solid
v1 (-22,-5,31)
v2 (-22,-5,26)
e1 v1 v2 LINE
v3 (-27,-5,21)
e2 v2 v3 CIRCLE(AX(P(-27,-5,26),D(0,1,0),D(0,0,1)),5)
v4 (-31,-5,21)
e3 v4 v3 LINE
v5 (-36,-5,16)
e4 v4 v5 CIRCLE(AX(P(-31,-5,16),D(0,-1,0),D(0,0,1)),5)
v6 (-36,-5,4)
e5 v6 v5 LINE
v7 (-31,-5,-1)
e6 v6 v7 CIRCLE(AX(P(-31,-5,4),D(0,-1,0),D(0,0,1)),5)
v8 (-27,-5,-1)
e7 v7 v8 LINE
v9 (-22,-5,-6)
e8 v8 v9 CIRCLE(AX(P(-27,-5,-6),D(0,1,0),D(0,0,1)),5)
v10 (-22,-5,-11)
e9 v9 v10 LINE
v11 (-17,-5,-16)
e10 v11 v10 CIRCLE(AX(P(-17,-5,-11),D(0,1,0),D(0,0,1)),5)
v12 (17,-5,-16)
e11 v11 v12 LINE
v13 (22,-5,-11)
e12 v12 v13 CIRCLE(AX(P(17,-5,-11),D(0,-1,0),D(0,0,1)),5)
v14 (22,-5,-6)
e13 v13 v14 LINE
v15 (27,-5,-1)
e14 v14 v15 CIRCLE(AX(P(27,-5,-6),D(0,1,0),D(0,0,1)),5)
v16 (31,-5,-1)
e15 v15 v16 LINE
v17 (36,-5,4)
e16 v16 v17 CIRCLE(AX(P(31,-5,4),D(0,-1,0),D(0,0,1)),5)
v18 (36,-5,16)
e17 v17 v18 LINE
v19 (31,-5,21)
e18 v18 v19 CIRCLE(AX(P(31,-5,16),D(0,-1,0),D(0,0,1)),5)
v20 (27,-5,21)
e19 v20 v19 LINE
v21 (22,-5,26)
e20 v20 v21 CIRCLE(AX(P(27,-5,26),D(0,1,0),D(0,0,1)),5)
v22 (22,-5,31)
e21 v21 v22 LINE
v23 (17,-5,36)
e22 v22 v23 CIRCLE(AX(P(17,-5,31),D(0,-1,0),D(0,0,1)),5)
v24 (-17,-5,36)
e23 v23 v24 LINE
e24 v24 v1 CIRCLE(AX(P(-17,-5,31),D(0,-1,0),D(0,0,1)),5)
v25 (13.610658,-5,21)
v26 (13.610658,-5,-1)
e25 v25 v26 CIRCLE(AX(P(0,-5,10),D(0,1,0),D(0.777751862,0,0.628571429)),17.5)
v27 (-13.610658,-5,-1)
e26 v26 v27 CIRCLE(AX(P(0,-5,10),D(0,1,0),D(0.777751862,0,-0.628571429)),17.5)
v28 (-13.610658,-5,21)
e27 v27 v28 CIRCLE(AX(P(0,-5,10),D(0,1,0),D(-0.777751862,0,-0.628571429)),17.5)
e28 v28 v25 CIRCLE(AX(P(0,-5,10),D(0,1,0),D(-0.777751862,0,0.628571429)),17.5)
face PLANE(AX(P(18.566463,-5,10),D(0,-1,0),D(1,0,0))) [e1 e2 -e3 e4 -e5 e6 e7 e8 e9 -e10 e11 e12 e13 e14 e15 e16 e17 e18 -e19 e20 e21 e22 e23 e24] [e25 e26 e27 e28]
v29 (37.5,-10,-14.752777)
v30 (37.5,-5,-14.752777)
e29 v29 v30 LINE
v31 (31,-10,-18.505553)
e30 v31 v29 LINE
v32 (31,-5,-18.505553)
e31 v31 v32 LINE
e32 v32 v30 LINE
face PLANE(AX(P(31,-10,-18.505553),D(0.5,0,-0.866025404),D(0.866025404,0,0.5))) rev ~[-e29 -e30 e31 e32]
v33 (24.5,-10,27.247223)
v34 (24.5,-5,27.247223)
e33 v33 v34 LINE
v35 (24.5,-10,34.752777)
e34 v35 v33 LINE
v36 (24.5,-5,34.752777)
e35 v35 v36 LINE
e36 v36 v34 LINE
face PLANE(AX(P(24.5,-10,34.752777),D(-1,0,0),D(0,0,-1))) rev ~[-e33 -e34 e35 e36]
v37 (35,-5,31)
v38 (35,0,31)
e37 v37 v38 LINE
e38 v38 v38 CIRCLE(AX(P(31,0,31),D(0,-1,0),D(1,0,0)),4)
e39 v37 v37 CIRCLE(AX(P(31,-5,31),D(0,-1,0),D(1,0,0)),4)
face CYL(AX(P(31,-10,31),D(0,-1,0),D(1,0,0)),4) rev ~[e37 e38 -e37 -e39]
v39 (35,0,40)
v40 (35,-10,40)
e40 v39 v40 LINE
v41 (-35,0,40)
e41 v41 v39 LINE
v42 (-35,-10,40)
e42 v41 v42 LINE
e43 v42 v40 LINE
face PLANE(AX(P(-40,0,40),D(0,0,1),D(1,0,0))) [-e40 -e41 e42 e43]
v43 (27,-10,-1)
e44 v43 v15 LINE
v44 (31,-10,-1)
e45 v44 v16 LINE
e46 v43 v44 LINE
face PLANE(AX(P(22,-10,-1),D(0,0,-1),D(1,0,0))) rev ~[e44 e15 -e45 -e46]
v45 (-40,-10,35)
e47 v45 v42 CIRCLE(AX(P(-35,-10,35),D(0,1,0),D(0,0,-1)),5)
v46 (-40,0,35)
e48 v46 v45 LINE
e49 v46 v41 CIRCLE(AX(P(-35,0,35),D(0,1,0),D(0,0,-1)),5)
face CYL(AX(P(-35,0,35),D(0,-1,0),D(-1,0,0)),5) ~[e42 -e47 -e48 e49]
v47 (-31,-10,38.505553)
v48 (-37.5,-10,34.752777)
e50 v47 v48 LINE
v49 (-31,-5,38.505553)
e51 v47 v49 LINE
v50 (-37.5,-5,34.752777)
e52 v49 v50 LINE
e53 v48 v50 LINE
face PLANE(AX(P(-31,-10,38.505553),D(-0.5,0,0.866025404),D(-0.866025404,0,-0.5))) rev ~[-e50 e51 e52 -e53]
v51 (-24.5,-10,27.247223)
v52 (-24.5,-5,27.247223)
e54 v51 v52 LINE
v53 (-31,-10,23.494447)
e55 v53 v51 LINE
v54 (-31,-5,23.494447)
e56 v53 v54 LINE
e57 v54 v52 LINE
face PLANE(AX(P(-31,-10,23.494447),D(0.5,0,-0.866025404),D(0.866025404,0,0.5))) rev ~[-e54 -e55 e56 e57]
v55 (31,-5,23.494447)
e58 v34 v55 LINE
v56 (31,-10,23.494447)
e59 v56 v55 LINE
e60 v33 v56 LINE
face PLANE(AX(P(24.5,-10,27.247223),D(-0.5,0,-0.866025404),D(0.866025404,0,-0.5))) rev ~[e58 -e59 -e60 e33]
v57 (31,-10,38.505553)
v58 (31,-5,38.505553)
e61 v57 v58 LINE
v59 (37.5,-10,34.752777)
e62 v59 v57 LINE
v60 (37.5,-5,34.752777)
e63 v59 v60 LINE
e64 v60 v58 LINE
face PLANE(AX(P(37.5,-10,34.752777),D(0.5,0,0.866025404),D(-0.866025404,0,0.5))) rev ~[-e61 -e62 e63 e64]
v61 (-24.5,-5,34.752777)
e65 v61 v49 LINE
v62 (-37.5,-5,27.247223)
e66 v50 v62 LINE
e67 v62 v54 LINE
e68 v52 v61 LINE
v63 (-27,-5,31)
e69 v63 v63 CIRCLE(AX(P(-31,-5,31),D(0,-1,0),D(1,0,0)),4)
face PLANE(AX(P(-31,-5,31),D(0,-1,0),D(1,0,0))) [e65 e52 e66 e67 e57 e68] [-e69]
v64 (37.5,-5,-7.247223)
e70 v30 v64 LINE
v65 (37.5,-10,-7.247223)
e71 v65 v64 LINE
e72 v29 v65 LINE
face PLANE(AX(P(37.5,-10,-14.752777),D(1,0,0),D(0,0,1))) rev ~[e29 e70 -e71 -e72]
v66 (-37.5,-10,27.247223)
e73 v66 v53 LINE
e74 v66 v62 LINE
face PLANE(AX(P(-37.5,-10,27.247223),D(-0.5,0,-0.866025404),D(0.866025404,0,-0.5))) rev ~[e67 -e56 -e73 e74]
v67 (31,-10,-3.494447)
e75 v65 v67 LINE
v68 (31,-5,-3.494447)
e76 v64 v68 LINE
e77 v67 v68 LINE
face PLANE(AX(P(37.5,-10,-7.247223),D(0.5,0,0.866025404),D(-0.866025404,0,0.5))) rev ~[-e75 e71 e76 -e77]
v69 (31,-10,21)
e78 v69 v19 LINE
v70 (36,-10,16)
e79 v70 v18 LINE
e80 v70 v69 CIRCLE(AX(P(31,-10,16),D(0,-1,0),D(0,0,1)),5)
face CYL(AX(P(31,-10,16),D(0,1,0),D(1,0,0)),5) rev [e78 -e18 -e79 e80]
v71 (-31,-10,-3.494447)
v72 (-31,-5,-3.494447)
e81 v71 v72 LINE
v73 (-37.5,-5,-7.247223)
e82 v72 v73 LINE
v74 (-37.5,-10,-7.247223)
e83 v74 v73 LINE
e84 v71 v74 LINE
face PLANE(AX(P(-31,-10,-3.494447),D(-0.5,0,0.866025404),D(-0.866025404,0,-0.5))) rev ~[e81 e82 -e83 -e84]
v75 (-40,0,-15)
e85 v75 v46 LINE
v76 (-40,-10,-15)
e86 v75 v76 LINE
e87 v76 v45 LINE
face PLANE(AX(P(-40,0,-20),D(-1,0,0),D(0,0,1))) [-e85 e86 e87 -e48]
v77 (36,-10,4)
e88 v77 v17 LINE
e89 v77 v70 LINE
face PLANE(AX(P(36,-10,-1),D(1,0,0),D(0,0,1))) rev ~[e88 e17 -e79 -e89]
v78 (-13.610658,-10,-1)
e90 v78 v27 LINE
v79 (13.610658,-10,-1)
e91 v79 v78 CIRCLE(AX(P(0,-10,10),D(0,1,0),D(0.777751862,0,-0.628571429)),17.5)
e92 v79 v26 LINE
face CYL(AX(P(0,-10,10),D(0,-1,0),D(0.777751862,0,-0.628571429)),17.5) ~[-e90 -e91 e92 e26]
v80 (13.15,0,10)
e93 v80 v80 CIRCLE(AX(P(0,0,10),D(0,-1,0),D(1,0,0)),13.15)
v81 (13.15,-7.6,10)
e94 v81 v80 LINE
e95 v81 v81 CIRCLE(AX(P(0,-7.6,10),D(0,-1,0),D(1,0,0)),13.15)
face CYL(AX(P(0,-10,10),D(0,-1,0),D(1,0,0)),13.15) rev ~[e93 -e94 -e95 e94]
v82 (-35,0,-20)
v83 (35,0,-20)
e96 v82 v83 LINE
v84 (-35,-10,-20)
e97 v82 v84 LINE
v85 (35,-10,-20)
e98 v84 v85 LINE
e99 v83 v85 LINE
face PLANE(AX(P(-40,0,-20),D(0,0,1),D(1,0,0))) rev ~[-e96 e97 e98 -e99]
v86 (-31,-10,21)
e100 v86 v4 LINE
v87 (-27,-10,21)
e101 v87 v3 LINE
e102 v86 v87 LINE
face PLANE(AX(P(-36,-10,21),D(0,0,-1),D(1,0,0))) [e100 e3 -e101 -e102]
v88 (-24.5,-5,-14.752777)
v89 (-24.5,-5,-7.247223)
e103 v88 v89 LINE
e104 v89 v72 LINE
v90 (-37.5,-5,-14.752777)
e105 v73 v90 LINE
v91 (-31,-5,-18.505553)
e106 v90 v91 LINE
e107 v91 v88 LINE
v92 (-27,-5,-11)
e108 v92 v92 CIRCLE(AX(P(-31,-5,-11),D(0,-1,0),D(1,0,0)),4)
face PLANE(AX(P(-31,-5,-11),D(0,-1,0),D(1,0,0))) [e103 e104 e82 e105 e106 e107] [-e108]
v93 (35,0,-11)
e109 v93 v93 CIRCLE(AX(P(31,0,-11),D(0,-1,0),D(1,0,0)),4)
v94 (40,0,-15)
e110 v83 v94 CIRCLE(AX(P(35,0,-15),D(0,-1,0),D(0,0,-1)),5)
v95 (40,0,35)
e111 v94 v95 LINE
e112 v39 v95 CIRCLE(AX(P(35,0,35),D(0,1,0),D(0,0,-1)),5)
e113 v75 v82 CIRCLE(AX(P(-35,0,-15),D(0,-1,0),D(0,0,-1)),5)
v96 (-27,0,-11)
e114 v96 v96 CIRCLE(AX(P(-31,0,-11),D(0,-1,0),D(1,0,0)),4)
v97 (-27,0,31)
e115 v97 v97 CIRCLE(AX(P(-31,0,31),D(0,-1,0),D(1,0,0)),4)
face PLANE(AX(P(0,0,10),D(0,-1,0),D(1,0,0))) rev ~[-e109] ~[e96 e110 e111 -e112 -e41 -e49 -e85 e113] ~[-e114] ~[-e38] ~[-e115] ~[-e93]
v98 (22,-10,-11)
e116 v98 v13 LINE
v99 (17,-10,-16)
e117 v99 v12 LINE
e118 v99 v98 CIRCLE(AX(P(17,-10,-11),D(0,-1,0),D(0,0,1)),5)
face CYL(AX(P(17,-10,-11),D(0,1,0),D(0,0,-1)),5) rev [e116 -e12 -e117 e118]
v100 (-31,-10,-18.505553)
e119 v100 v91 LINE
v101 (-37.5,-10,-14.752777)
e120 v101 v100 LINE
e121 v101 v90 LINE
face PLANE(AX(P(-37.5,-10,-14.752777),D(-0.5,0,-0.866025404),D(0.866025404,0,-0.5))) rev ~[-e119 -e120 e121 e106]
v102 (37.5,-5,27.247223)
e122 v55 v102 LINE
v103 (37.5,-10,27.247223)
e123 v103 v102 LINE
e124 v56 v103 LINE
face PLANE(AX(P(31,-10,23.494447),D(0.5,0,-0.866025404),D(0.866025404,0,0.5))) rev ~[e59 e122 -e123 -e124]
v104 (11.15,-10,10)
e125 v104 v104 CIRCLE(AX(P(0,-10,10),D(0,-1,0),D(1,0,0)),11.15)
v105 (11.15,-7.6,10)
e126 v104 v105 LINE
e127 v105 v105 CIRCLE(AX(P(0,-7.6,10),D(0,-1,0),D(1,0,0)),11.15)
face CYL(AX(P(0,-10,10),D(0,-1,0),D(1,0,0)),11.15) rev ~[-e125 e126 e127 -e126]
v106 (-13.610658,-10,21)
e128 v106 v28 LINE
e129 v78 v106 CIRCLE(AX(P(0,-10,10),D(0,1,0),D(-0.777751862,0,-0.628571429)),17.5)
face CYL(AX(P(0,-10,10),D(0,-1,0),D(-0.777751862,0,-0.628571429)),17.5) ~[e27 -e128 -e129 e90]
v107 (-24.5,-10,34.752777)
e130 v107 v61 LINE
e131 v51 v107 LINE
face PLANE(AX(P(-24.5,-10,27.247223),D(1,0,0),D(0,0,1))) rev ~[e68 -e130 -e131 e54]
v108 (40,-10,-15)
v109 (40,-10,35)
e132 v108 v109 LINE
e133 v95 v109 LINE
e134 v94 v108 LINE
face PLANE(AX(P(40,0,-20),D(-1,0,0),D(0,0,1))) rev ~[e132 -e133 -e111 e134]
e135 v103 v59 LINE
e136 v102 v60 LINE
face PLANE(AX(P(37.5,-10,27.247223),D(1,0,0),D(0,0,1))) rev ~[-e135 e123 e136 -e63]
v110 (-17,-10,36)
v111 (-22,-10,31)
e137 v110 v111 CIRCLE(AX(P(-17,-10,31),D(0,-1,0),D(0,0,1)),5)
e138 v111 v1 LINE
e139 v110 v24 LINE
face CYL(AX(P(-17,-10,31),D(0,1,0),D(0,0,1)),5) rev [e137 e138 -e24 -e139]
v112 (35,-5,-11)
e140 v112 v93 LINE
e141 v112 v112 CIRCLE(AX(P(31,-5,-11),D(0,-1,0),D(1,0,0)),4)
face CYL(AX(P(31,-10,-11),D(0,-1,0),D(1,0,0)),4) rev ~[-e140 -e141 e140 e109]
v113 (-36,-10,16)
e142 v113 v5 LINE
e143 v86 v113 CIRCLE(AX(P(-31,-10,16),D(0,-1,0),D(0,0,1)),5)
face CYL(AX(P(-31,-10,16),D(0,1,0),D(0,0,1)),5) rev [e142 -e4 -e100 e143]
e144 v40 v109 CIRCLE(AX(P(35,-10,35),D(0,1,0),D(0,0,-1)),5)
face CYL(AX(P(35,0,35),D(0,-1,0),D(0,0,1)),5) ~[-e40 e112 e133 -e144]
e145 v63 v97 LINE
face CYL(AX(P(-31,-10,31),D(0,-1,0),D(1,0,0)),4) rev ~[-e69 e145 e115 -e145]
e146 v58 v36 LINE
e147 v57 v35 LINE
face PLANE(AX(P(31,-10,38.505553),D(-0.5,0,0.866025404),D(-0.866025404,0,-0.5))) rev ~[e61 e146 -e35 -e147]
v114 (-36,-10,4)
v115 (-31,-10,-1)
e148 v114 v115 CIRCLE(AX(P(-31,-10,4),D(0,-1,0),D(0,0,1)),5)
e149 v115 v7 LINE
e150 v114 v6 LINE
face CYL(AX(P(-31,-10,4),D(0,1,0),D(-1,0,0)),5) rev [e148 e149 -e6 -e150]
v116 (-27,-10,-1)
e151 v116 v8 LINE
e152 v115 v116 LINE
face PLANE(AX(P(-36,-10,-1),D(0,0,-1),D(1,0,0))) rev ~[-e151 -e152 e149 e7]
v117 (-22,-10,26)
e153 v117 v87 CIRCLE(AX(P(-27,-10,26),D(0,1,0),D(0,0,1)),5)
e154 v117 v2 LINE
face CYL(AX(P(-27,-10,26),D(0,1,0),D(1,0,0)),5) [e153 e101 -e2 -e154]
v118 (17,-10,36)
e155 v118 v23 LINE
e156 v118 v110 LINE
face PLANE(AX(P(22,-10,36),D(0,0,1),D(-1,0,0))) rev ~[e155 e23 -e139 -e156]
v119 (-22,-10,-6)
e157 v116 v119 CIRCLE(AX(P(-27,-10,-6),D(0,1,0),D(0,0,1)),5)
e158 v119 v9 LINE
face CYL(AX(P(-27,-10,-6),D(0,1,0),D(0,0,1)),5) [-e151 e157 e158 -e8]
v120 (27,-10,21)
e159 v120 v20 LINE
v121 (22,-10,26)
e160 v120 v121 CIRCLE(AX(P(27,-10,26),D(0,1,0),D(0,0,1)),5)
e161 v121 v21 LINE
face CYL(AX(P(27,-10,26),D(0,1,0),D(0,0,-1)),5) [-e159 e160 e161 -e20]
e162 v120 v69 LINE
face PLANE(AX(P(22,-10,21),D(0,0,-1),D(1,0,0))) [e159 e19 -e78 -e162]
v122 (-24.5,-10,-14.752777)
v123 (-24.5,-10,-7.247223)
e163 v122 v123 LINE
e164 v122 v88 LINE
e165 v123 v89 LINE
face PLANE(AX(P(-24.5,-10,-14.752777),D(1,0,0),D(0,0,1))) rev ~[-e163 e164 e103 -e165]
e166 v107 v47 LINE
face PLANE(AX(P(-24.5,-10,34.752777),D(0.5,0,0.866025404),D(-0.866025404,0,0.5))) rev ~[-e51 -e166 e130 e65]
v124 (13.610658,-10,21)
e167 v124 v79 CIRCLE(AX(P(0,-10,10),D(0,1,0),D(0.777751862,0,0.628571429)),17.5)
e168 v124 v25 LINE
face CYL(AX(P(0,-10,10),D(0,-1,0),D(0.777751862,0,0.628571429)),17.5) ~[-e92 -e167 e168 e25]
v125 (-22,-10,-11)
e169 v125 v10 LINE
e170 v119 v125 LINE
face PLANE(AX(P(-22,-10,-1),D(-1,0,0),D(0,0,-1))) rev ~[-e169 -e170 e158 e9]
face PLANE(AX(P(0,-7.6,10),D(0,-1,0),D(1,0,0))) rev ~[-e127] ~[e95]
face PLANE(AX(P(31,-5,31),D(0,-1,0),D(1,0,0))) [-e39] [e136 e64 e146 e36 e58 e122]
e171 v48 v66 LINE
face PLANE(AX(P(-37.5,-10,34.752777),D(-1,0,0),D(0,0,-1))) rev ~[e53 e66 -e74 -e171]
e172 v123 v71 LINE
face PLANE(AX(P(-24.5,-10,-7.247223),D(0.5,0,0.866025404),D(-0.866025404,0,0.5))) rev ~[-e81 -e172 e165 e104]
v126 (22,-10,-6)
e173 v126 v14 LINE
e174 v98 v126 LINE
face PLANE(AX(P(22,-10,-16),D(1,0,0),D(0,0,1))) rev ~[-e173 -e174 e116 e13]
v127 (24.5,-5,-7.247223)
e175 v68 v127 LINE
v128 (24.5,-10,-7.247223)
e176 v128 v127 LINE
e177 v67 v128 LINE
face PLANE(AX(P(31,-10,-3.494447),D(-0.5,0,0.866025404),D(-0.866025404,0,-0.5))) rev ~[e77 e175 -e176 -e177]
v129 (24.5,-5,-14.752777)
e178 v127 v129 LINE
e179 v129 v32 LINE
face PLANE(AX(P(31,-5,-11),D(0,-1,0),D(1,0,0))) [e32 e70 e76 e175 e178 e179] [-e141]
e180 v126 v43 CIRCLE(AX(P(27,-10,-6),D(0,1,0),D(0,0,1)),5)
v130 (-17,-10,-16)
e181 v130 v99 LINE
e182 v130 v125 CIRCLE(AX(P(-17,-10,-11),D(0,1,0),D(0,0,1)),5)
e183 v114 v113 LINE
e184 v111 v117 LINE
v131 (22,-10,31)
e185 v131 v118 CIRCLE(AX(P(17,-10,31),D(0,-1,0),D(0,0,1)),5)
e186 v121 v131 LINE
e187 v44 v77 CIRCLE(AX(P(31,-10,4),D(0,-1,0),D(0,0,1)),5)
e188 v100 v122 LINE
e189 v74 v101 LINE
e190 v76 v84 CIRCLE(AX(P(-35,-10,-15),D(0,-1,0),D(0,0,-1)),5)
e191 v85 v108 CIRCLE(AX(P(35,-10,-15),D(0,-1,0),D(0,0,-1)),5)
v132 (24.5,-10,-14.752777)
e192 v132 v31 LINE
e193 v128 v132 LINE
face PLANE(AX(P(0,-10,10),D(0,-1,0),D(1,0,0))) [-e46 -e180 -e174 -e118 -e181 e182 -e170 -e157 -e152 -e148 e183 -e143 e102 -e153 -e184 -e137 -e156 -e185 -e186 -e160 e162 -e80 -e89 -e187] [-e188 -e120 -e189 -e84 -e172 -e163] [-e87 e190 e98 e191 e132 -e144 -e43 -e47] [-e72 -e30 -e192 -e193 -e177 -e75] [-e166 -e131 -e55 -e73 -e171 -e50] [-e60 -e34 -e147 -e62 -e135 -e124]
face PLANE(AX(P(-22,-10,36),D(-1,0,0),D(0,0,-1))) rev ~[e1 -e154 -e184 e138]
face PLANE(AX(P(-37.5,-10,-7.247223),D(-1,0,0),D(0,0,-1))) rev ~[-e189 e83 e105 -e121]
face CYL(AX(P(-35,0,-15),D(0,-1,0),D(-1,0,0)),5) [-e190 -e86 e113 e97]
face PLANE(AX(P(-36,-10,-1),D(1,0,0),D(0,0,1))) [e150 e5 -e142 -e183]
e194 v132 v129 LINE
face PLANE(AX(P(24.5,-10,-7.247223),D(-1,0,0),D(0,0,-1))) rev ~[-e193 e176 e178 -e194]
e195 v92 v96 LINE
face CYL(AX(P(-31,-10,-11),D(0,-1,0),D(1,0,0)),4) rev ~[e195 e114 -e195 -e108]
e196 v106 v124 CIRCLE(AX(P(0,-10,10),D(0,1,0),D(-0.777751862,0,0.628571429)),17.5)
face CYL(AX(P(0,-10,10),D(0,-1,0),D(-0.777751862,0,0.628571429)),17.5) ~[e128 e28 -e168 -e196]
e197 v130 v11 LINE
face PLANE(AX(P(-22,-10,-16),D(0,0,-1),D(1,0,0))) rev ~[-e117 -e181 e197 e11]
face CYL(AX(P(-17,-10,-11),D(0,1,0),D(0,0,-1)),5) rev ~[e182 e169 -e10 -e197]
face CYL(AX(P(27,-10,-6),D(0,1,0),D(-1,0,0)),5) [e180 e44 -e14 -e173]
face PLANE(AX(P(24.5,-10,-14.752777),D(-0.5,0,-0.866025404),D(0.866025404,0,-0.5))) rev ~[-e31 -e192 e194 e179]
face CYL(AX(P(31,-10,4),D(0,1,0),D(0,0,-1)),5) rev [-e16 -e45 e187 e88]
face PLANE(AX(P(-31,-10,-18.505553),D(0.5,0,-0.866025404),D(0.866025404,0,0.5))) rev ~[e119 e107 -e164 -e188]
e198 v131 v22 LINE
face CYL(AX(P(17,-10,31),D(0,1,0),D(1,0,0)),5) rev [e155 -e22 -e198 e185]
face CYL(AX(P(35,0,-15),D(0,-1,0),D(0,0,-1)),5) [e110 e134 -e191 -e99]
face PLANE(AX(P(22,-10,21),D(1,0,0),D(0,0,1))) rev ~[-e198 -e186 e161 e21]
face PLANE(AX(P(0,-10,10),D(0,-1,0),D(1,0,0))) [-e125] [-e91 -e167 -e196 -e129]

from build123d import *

# Parameters (mm, degrees)
F0_W      = 80
F0_H      = 60
F1_DEPTH  = 10
F2_R      = 13.15
F3_DEPTH  = 10.001
F4_R      = 4
F5_DEPTH  = 10.001
F6_R      = 5
F7_W      = 14
F7_H      = 22
F8_DEPTH  = 5
F9_R      = 5
F10_R     = 13.15
F10_R_2   = 11.15
F11_DEPTH = 2.4


with BuildPart() as f1:
    # F0 (on Front) → F1 (new body)
    with BuildSketch(Plane.XZ):
        with Locations((0, 10)):
            Rectangle(F0_W, F0_H)
    extrude(amount=F1_DEPTH)

    # F2 (on face) → F3 (cut, through all)
    with BuildSketch(Plane.XZ.offset(10)):
        with Locations((0, 10)):
            Circle(F2_R)
    extrude(amount=-F3_DEPTH, mode=Mode.SUBTRACT)

    # F4 (on face) → F5 (cut, through all)
    with BuildSketch(Plane.XZ.offset(10)):
        with Locations((-31, 31)):
            Circle(F4_R)
        with Locations((31, 31)):
            Circle(F4_R)
        with Locations((-31, -11)):
            Circle(F4_R)
        with Locations((31, -11)):
            Circle(F4_R)
    extrude(amount=-F5_DEPTH, mode=Mode.SUBTRACT)

    # F6
    f6_edges = [f1.edges().sort_by_distance(p)[0] for p in [
        (40, -5, 40),
        (40, -5, -20),
        (-40, -5, -20),
        (-40, -5, 40),
    ]]
    fillet(f6_edges, radius=F6_R)

    # F7 (on face) → F8 (cut)
    with BuildSketch(Plane.XZ.offset(10)):
        Polygon((-24.5, 34.7527767497), (-31, 38.5055534995), (-37.5, 34.7527767497), (-37.5, 27.2472232503), (-31, 23.4944465005), (-24.5, 27.2472232503), align=None)
        Polygon((24.5, 34.7527767497), (24.5, 27.2472232503), (31, 23.4944465005), (37.5, 27.2472232503), (37.5, 34.7527767497), (31, 38.5055534995), align=None)
        Polygon((24.5, -7.2472232503), (24.5, -14.7527767497), (31, -18.5055534995), (37.5, -14.7527767497), (37.5, -7.2472232503), (31, -3.4944465005), align=None)
        Polygon((-24.5, -7.2472232503), (-31, -3.4944465005), (-37.5, -7.2472232503), (-37.5, -14.7527767497), (-31, -18.5055534995), (-24.5, -14.7527767497), align=None)
        with BuildLine():
            ThreePointArc((13.6106575888, 21), (16.499037969, 15.8336734651), (17.5, 10))
            ThreePointArc((17.5, 10), (16.499037969, 4.1663265349), (13.6106575888, -1))
            Line((13.6106575888, -1), (22, -1))
            Line((22, -1), (22, 21))
            Line((22, 21), (13.6106575888, 21))
        make_face()
        with BuildLine():
            ThreePointArc((-13.6106575888, 21), (0, 27.5), (13.6106575888, 21))
            Line((13.6106575888, 21), (22, 21))
            Line((22, 21), (22, 36))
            Line((22, 36), (-22, 36))
            Line((-22, 36), (-22, 21))
            Line((-22, 21), (-13.6106575888, 21))
        make_face()
        with BuildLine():
            Line((22, -1), (13.6106575888, -1))
            ThreePointArc((13.6106575888, -1), (0, -7.5), (-13.6106575888, -1))
            Line((-13.6106575888, -1), (-22, -1))
            Line((-22, -1), (-22, -16))
            Line((-22, -16), (22, -16))
            Line((22, -16), (22, -1))
        make_face()
        with BuildLine():
            ThreePointArc((-13.6106575888, -1), (-17.5, 10), (-13.6106575888, 21))
            Line((-13.6106575888, 21), (-22, 21))
            Line((-22, 21), (-22, -1))
            Line((-22, -1), (-13.6106575888, -1))
        make_face()
        with Locations((29, 10)):
            Rectangle(F7_W, F7_H)
        with Locations((-29, 10)):
            Rectangle(F7_W, F7_H)
    extrude(amount=-F8_DEPTH, mode=Mode.SUBTRACT)

    # F9
    f9_edges = [f1.edges().sort_by_distance(p)[0] for p in [
        (-22, -7.5, 21),
        (-36, -7.5, 21),
        (-22, -7.5, 36),
        (22, -7.5, 36),
        (22, -7.5, 21),
        (36, -7.5, 21),
        (-36, -7.5, -1),
        (-22, -7.5, -1),
        (-22, -7.5, -16),
        (36, -7.5, -1),
        (22, -7.5, -1),
        (22, -7.5, -16),
    ]]
    fillet(f9_edges, radius=F9_R)

    # F10 (on face) → F11 (join)
    with BuildSketch(Plane.XZ.offset(10)):
        with Locations((0, 10)):
            Circle(F10_R)
        with Locations((0, 10)):
            Circle(F10_R_2, mode=Mode.SUBTRACT)
    extrude(amount=-F11_DEPTH)


solid = f1.part
